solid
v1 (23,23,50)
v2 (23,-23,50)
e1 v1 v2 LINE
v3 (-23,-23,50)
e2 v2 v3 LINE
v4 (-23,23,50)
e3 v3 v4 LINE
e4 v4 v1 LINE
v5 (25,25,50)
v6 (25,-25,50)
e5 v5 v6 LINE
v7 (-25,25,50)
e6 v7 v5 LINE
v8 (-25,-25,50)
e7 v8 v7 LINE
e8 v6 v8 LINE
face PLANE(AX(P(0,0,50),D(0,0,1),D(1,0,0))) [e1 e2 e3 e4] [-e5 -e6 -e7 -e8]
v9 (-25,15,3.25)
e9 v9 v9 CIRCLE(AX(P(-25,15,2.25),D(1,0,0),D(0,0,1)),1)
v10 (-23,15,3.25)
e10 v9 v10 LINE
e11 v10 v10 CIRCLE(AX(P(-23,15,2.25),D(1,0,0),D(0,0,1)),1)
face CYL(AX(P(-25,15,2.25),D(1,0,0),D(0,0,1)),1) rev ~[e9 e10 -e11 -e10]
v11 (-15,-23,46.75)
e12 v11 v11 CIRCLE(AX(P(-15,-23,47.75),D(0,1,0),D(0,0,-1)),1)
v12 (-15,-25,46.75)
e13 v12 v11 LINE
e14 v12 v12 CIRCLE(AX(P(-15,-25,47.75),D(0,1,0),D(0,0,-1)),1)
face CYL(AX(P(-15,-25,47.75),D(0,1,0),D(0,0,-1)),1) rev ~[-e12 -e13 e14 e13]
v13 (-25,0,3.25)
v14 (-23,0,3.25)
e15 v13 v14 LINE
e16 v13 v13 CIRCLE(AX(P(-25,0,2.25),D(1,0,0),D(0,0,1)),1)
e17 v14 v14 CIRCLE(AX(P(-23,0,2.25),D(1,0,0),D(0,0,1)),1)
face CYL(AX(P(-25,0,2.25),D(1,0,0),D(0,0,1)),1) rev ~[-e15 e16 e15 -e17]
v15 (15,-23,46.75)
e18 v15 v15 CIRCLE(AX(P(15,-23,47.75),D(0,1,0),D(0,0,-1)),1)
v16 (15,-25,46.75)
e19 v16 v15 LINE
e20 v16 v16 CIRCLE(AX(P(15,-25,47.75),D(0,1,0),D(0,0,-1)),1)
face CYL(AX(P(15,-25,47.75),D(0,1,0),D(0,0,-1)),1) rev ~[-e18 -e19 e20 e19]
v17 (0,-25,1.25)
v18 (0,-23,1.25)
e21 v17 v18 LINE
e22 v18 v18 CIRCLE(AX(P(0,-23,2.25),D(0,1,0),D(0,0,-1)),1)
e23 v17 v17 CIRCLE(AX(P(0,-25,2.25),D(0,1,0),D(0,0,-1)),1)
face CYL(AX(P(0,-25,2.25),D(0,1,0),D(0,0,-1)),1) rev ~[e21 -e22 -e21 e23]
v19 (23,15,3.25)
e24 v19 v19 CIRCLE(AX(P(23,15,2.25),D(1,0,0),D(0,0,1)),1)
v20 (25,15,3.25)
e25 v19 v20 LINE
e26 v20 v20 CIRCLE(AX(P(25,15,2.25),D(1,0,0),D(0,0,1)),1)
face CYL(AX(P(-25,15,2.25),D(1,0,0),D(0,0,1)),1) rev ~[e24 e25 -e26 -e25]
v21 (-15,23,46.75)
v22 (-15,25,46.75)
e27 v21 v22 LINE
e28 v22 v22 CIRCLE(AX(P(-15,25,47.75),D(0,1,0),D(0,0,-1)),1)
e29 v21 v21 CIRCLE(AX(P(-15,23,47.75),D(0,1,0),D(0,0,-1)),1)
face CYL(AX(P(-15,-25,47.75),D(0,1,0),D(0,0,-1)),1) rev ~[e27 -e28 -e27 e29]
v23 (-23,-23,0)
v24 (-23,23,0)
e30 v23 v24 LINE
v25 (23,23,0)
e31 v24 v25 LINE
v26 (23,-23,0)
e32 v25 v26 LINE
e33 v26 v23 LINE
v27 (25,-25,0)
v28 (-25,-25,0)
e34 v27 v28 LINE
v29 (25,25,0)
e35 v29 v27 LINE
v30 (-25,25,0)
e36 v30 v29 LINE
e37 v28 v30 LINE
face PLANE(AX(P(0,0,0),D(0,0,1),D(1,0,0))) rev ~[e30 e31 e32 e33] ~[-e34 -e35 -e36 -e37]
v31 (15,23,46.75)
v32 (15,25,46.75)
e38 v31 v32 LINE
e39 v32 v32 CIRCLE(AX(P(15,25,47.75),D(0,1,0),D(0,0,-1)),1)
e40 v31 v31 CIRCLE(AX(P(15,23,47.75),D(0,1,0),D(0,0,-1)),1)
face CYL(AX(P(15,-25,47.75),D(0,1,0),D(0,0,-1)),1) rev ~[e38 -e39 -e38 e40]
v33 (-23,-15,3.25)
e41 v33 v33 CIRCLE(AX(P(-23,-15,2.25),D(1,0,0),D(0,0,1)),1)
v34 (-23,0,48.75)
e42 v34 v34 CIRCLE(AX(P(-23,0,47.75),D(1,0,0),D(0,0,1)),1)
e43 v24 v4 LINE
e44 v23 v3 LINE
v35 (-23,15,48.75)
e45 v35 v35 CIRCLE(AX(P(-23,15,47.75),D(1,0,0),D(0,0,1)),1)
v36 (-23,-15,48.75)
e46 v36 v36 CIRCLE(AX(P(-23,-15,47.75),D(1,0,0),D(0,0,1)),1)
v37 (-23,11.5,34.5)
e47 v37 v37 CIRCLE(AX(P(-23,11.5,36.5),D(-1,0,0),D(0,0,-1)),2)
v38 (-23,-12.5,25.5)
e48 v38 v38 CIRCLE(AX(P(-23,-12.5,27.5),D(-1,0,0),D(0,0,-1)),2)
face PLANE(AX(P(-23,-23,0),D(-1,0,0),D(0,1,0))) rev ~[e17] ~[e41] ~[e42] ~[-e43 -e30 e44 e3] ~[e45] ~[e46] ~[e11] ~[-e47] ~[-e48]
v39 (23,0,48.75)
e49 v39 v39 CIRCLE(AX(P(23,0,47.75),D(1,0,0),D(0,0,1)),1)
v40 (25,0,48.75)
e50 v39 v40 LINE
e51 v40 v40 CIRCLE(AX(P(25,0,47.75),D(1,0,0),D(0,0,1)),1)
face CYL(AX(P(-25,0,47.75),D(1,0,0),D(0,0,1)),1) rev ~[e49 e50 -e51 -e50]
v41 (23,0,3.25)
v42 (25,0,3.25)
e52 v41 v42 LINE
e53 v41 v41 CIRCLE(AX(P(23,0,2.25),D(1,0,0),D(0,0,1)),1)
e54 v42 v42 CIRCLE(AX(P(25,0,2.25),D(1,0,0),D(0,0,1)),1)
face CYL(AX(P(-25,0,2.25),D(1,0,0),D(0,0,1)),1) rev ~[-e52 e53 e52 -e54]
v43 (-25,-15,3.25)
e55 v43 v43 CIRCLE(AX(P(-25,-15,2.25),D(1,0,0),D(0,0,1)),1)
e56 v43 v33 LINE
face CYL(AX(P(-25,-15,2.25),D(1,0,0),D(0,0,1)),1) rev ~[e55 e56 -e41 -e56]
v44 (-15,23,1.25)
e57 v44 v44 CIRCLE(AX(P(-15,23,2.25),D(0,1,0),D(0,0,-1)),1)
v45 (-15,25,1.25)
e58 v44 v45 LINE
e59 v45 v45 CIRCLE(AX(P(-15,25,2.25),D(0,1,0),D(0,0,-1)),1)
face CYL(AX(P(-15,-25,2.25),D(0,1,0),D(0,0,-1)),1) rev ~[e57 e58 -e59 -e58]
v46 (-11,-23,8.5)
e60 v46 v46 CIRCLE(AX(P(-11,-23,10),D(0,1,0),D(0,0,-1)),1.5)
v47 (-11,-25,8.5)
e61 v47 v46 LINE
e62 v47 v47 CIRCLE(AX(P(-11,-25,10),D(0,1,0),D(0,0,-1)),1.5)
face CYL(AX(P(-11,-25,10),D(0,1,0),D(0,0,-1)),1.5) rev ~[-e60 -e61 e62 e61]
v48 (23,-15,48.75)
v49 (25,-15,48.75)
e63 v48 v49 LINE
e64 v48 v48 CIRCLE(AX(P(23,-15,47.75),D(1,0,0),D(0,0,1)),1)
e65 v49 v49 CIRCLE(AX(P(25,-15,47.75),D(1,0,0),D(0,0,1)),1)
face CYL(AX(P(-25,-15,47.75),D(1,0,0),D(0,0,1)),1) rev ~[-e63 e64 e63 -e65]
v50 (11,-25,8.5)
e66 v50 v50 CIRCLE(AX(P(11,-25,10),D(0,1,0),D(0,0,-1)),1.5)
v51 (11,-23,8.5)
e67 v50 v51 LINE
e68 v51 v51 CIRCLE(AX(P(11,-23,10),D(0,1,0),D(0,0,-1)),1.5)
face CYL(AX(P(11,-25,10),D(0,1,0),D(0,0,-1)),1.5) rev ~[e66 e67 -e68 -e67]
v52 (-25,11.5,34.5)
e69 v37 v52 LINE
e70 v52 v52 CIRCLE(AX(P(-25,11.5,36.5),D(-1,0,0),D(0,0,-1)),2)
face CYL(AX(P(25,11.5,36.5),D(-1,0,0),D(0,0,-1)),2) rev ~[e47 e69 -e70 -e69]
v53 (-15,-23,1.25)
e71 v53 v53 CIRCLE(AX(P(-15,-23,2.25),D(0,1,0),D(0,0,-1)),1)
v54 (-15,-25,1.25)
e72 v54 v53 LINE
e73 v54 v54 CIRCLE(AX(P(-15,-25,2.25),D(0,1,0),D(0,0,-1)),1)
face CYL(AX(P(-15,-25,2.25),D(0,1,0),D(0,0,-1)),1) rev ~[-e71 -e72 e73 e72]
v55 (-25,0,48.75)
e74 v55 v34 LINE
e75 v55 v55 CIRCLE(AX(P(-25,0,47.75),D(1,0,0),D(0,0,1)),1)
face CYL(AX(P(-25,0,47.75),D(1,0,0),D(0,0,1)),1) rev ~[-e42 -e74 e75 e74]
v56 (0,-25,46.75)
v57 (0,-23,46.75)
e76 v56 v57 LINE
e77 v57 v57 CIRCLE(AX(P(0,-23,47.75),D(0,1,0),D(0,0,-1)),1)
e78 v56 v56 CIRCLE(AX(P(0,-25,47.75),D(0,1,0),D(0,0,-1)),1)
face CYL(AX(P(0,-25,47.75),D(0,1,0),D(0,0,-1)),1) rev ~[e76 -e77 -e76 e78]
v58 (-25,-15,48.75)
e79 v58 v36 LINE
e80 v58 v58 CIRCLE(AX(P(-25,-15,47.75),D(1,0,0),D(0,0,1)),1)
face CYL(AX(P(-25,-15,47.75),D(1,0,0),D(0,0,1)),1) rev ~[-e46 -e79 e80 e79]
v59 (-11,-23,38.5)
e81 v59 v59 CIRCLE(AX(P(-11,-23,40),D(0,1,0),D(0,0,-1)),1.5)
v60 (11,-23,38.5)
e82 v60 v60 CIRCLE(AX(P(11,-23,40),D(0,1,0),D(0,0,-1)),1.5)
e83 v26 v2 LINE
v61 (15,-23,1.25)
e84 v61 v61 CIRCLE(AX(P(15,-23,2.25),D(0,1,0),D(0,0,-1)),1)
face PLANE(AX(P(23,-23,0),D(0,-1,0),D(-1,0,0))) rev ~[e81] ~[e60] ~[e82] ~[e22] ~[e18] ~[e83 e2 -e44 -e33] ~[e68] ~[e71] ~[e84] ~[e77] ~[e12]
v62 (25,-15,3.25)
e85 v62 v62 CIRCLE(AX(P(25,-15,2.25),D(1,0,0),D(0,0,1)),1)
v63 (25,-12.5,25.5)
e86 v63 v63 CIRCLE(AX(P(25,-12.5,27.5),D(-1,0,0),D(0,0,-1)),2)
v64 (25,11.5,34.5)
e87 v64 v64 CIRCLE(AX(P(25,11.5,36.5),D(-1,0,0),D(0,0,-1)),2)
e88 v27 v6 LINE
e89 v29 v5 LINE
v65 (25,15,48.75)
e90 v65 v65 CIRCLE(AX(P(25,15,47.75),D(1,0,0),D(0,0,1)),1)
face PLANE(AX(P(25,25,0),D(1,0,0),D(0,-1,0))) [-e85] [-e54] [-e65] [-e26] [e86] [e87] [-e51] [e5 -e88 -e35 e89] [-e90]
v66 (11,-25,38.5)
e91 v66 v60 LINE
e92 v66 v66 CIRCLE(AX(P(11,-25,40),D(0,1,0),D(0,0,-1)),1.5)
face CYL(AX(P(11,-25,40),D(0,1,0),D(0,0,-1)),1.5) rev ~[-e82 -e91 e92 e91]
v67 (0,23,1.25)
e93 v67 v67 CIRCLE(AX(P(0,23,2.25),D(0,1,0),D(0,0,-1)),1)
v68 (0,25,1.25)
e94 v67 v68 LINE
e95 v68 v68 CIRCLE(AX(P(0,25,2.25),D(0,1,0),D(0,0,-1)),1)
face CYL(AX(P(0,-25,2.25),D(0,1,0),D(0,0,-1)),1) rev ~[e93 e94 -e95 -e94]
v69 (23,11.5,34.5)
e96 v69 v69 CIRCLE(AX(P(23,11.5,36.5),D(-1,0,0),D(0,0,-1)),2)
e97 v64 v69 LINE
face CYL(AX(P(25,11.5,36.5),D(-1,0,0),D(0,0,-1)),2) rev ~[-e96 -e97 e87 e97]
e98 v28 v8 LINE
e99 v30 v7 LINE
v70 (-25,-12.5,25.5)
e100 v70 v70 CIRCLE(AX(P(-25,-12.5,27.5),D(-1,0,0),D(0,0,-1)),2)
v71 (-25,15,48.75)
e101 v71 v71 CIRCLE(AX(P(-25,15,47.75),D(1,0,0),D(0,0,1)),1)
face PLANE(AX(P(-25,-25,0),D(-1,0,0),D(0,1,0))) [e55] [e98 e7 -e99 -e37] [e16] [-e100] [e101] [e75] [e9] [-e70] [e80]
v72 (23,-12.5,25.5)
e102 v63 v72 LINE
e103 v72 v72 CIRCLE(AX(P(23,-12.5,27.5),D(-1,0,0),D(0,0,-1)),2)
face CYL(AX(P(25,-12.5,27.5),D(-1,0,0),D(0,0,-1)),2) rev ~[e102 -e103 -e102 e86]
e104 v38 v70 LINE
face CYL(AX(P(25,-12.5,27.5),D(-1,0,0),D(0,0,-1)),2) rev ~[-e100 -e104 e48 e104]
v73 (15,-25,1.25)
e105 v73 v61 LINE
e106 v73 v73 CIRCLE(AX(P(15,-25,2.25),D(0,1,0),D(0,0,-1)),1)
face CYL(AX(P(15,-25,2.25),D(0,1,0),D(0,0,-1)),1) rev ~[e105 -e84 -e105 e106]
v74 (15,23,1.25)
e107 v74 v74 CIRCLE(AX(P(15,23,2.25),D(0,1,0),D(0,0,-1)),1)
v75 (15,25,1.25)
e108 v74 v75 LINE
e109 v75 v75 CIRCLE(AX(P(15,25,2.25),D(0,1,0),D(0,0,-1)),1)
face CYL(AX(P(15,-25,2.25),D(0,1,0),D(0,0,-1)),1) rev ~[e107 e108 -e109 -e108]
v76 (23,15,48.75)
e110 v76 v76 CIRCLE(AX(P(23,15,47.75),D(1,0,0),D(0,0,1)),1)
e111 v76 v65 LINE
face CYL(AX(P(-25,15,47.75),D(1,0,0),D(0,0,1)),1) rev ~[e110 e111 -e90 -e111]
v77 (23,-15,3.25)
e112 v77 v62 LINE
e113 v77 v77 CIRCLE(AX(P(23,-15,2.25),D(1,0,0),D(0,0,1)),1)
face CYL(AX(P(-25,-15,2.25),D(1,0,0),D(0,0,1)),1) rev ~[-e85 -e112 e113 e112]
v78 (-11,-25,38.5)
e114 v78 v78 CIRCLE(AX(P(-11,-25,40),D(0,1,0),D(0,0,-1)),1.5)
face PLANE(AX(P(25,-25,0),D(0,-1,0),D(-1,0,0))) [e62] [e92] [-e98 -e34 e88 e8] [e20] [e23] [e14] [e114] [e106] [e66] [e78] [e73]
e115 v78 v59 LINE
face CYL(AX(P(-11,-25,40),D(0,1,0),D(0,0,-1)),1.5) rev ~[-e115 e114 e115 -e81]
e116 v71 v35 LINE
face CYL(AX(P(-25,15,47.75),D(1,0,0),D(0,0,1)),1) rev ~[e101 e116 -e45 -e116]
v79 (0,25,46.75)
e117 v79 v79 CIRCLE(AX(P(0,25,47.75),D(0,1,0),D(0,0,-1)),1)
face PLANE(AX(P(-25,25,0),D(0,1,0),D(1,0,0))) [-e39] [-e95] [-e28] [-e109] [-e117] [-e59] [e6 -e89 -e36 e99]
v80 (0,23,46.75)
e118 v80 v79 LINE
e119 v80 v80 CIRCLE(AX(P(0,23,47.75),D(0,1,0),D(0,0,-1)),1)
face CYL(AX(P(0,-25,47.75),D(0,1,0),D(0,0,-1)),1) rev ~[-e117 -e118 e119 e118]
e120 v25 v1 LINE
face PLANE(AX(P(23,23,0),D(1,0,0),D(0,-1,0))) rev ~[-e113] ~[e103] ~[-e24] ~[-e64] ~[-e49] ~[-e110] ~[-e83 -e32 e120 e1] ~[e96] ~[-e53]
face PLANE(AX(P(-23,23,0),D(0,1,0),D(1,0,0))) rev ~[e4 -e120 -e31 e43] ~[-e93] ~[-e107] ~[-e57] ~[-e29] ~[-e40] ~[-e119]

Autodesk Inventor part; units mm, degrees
ref_plane "YZ Plane" through (0, 0, 0) normal (1, 0, 0) x (0, 1, 0)
ref_plane "XZ Plane" through (0, 0, 0) normal (0, 1, 0) x (-1, 0, 0)
ref_plane "XY Plane" through (0, 0, 0) normal (0, 0, 1) x (1, 0, 0)
sketch "スケッチ1" plane through (0, 0, 0) normal (0, 0, 1) x (1, 0, 0)
  line L0 (-25, 25) -> (25, 25)
  line L1 (25, 25) -> (25, -25)
  line L2 (25, -25) -> (-25, -25)
  line L3 (-25, -25) -> (-25, 25)
  line L4 (-23, 23) -> (23, 23)
  line L5 (23, 23) -> (23, -23)
  line L6 (23, -23) -> (-23, -23)
  line L7 (-23, -23) -> (-23, 23)
  point P0 (0, 0)
  dimension "d0" = 50
  dimension "d1" = 50
  dimension "d4" = 25
  dimension "d5" = 25
  dimension "d6" = 46
  dimension "d7" = 2
  dimension "d8" = 46
  dimension "d9" = 2
extrude "押し出し1" add sketch "スケッチ1" along normal blind 50
sketch "スケッチ11" plane through (25, -25, 0) normal (1, 0, 0) x (0, 0, -1)
  circle A0 centre (-36.5, 36.5) radius 1.5
  line L0 (-50, 50) -> (-50, 0) projected
  circle A1 centre (-27.5, 12.5) radius 1.5
  line L1 (0, 50) -> (0, 0) projected
  line L2 (0, 50) -> (-50, 50) projected
  point P0 (0, 25)
  point P1 (-50, 43)
  dimension "d192" = 118
  dimension "d109" = 3
  dimension "d128" = 24
  dimension "d237" = 13.5
  dimension "d238" = 27.5
  dimension "d239" = 13.5
hole "穴6" at (25, -12.5, 27.5) at (25, 11.5, 36.5) direction (-1, 0, 0) diameter 4 end through all
sketch "スケッチ15" plane through (-25, -25, 0) normal (0, -1, 0) x (1, 0, 0)
  line L0 (50, 50) -> (0, 50) projected
  line L1 (0, 0) -> (0, 50) projected
  circle A0 centre (10, 47.75) radius 1
  circle A1 centre (25, 47.75) radius 1
  circle A2 centre (40, 47.75) radius 1
  line L2 (50, 0) -> (0, 0) projected
  circle A3 centre (10, 2.25) radius 1
  circle A4 centre (25, 2.25) radius 1
  circle A5 centre (40, 2.25) radius 1
  point P0 (49.5, 0)
  point P1 (49.5, 50)
  point P2 (25, 0)
  dimension "d138" = 2
  dimension "d139" = 10
  dimension "d141" = 2.25
  dimension "d142" = 2.25
  dimension "d143" = 2.25
  dimension "d144" = 15
  dimension "d166" = 15
  dimension "d167" = 10
  dimension "d168" = 15
  dimension "d169" = 15
  dimension "d170" = 2.25
  dimension "d171" = 2.25
  dimension "d172" = 2.25
hole "穴10" at (-15, -25, 47.75) at (-15, -25, 2.25) at (0, -25, 47.75) at (0, -25, 2.25) at (15, -25, 2.25) at (15, -25, 47.75) direction (0, 1, 0) diameter 2 end through all
sketch "スケッチ16" plane through (-25, -25, 0) normal (-1, 0, 0) x (0, 0, 1)
  line L0 (50, 0) -> (50, 50) projected
  line L1 (0, 50) -> (50, 50) projected
  line L2 (0, 0) -> (50, 0) projected
  circle A0 centre (47.75, 40) radius 1
  circle A1 centre (47.75, 25) radius 1
  circle A2 centre (47.75, 10) radius 1
  circle A3 centre (2.25, 40) radius 1
  circle A4 centre (2.25, 25) radius 1
  circle A5 centre (2.25, 10) radius 1
  line L3 (0, 48) -> (0, 2) projected
  point P0 (0, 25)
  dimension "d152" = 2
  dimension "d153" = 2.25
  dimension "d154" = 2.25
  dimension "d155" = 2.25
  dimension "d156" = 10
  dimension "d157" = 10
  dimension "d158" = 15
  dimension "d173" = 15
  dimension "d174" = 15
  dimension "d175" = 10
  dimension "d176" = 2.25
  dimension "d177" = 2.25
  dimension "d178" = 2.25
hole "穴11" at (-25, 15, 2.25) at (-25, 0, 2.25) at (-25, -15, 2.25) at (-25, -15, 47.75) at (-25, 0, 47.75) at (-25, 15, 47.75) direction (1, 0, 0) diameter 2 end through all
sketch "スケッチ18" plane through (-25, -25, 0) normal (0, -1, 0) x (1, 0, 0)
  circle A0 centre (25, 2.25) radius 1 projected
  circle A1 centre (25, 47.75) radius 1 projected
  line L0 (50, 50) -> (0, 50) projected
  line L1 (50, 0) -> (0, 0) projected
  circle A2 centre (14, 40) radius 1.5
  circle A3 centre (36, 40) radius 1.5
  circle A4 centre (14, 10) radius 1.5
  circle A5 centre (36, 10) radius 1.5
  point P0 (49.5, 0)
  point P1 (49.5, 50)
  point P2 (25, 0)
  dimension "d240" = 10
  dimension "d241" = 10
  dimension "d242" = 10
  dimension "d243" = 10
  dimension "d244" = 11
  dimension "d245" = 11
  dimension "d246" = 11
  dimension "d247" = 11
  dimension "d248" = 3
hole "穴13" at (-11, -25, 40) at (-11, -25, 10) at (11, -25, 40) at (11, -25, 10) direction (0, 1, 0) diameter 3 depth 2 tip angle 118
thread "ねじ13" size "M3x0.5" class "6H" standard "ANSI Metric M Profile" full length
thread "ねじ14" size "M3x0.5" class "6H" standard "ANSI Metric M Profile" full length
thread "ねじ15" size "M3x0.5" class "6H" standard "ANSI Metric M Profile" full length
thread "ねじ16" size "M3x0.5" class "6H" standard "ANSI Metric M Profile" full length
